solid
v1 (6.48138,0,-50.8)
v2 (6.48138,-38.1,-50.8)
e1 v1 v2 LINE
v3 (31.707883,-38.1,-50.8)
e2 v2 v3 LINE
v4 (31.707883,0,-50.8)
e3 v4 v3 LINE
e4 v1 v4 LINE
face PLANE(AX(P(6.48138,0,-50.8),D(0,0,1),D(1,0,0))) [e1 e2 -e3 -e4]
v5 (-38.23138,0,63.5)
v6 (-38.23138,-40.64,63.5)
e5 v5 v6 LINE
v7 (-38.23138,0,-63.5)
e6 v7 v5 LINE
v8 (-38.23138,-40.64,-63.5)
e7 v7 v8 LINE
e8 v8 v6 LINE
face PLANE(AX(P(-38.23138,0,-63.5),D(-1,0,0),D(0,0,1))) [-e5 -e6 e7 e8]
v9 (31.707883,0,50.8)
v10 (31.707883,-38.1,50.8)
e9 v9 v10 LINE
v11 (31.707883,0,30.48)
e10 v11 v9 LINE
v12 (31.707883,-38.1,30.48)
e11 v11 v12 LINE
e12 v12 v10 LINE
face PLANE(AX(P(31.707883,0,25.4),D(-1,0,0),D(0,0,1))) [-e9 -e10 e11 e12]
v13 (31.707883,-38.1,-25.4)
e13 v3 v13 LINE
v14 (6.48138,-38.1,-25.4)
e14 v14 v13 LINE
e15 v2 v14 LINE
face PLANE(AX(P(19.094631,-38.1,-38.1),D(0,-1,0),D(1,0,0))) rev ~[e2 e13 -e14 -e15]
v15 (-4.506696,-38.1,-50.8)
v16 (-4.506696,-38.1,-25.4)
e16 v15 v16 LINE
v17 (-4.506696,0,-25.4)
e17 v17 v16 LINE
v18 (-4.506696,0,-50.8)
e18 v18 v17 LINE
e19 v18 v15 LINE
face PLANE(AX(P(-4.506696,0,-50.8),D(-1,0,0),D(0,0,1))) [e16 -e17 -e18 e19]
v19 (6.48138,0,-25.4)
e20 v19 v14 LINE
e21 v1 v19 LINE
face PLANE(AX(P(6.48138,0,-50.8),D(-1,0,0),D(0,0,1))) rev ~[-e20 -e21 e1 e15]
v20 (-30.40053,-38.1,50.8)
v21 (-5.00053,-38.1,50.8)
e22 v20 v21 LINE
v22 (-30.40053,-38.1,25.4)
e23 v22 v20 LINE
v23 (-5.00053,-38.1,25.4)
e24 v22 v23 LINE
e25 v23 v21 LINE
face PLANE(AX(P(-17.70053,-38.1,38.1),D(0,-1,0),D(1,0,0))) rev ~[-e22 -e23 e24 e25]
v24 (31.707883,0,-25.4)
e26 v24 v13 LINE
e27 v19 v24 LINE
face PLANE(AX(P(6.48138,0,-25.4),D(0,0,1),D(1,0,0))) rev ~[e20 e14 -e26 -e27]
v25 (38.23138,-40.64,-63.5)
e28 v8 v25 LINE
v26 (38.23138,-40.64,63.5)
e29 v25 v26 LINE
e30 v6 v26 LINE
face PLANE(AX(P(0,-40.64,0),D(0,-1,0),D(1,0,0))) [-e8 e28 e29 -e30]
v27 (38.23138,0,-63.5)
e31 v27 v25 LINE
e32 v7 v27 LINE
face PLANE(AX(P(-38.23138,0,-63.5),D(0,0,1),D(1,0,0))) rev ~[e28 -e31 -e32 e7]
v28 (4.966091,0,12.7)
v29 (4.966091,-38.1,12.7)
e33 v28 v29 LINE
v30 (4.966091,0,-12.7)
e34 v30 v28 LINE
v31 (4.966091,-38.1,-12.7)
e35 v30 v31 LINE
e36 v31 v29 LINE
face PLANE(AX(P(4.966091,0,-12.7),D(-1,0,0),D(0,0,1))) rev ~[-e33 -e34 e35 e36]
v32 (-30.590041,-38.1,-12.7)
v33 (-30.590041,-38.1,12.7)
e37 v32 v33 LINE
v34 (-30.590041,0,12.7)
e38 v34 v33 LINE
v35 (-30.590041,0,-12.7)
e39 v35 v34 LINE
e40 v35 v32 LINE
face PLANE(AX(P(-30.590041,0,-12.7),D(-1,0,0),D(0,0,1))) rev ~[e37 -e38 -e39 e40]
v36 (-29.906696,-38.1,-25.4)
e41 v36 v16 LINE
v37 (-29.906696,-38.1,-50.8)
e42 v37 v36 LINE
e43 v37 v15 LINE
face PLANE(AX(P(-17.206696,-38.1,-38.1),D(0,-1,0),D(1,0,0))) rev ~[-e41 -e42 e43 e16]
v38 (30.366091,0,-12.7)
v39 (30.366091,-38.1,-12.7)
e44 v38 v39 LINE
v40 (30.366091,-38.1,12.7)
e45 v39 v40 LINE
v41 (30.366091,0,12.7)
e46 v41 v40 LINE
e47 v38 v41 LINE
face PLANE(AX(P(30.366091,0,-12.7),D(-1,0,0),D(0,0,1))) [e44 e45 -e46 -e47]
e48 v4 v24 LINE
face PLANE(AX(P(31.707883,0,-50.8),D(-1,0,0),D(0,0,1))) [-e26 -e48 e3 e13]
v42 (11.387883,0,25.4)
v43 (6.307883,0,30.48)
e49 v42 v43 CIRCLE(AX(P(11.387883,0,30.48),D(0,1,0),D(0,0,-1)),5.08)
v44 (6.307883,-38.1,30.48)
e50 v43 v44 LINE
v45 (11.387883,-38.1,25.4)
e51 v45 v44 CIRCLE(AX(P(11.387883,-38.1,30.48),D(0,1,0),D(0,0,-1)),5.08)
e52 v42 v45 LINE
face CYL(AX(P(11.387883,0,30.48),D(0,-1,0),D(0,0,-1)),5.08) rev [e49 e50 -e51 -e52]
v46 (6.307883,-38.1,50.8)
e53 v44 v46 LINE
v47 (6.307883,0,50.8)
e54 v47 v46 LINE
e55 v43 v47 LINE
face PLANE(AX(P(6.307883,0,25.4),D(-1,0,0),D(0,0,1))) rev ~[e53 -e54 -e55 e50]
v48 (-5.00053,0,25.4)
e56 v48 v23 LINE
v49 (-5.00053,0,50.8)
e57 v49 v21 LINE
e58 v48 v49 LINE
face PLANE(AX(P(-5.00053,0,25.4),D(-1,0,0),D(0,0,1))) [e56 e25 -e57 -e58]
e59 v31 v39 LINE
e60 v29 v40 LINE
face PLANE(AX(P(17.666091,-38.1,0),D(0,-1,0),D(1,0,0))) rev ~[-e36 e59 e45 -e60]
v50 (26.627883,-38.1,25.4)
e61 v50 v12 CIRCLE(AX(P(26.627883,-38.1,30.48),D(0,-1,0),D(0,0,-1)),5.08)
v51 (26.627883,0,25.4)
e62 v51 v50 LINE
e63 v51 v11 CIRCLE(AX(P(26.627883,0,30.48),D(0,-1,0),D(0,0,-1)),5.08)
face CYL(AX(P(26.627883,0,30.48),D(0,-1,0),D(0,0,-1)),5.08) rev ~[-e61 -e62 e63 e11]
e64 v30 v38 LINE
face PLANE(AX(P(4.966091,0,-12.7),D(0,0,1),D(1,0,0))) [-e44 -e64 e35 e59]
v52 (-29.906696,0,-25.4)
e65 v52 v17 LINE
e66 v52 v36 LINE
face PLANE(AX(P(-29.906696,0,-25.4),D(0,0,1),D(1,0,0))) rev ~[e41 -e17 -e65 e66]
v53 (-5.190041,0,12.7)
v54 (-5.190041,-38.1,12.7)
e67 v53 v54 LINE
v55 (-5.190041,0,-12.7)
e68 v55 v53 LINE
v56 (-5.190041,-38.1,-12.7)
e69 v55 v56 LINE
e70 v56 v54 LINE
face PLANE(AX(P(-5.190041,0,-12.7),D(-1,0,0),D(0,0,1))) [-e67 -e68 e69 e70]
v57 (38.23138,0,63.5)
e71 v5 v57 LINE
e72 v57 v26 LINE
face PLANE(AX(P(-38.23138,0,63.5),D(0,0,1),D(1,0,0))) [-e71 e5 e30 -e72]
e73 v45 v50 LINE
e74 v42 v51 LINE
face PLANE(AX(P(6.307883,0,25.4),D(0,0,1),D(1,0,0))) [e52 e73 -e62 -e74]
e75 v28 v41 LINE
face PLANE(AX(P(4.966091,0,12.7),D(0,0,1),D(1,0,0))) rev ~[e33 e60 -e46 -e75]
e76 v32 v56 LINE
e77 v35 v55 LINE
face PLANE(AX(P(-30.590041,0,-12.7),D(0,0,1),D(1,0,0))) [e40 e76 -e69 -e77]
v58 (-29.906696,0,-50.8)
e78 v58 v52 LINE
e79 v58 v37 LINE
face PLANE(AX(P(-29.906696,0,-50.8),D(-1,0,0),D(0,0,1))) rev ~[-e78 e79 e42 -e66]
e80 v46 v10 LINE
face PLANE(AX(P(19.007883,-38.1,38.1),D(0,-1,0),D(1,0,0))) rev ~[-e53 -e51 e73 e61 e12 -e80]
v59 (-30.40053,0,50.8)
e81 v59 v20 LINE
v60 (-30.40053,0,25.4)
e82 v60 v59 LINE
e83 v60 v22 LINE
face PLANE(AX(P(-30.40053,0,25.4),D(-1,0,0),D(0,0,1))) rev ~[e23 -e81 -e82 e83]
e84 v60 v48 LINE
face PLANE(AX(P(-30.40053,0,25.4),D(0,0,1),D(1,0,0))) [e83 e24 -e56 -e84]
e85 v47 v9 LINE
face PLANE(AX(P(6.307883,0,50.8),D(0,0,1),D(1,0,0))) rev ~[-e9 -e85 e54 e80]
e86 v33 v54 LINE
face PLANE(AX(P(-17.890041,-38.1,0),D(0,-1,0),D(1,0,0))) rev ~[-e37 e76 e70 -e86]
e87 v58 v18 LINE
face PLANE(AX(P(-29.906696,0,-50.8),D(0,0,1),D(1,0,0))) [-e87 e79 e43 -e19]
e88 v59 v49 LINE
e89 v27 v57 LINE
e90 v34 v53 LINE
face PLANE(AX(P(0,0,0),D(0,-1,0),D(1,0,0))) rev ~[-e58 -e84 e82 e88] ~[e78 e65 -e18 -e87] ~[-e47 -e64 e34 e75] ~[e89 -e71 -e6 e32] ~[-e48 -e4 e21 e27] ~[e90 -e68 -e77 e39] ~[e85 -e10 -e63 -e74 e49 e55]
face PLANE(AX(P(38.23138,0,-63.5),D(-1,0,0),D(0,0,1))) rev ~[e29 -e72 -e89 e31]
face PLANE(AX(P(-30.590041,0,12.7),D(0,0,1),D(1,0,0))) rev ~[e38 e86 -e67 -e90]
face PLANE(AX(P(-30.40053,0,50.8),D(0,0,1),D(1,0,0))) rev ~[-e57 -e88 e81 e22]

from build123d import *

# Parameters (mm, degrees)
F0_W     = 76.46276
F0_H     = 127
F2_DEPTH = 40.64
F1_W     = 25.4
F1_H     = 25.4
F1_W_2   = 25.226503
F3_DEPTH = 38.1
F4_R     = 5.08


with BuildPart() as f2:
    # F0 (on Front) → F2 (new body)
    with BuildSketch(Plane.XZ):
        Rectangle(F0_W, F0_H)
    extrude(amount=F2_DEPTH)

    # F1 (on face) → F3 (cut)
    with BuildSketch(Plane.XZ):
        with Locations((-17.70053, 38.1)):
            Rectangle(F1_W, F1_H)
        with Locations((19.007883, 38.1)):
            Rectangle(F1_W, F1_H)
        with Locations((17.666091, 0)):
            Rectangle(F1_W, F1_H)
        with Locations((-17.890041, 0)):
            Rectangle(F1_W, F1_H)
        with Locations((-17.206696, -38.1)):
            Rectangle(F1_W, F1_H)
        with Locations((19.094631, -38.1)):
            Rectangle(F1_W_2, F1_H)
    extrude(amount=F3_DEPTH, mode=Mode.SUBTRACT)

    # F4
    f4_edges = [f2.edges().sort_by_distance(p)[0] for p in [
        (6.307883, -19.05, 25.4),
        (31.707883, -19.05, 25.4),
    ]]
    fillet(f4_edges, radius=F4_R)


solid = f2.part
